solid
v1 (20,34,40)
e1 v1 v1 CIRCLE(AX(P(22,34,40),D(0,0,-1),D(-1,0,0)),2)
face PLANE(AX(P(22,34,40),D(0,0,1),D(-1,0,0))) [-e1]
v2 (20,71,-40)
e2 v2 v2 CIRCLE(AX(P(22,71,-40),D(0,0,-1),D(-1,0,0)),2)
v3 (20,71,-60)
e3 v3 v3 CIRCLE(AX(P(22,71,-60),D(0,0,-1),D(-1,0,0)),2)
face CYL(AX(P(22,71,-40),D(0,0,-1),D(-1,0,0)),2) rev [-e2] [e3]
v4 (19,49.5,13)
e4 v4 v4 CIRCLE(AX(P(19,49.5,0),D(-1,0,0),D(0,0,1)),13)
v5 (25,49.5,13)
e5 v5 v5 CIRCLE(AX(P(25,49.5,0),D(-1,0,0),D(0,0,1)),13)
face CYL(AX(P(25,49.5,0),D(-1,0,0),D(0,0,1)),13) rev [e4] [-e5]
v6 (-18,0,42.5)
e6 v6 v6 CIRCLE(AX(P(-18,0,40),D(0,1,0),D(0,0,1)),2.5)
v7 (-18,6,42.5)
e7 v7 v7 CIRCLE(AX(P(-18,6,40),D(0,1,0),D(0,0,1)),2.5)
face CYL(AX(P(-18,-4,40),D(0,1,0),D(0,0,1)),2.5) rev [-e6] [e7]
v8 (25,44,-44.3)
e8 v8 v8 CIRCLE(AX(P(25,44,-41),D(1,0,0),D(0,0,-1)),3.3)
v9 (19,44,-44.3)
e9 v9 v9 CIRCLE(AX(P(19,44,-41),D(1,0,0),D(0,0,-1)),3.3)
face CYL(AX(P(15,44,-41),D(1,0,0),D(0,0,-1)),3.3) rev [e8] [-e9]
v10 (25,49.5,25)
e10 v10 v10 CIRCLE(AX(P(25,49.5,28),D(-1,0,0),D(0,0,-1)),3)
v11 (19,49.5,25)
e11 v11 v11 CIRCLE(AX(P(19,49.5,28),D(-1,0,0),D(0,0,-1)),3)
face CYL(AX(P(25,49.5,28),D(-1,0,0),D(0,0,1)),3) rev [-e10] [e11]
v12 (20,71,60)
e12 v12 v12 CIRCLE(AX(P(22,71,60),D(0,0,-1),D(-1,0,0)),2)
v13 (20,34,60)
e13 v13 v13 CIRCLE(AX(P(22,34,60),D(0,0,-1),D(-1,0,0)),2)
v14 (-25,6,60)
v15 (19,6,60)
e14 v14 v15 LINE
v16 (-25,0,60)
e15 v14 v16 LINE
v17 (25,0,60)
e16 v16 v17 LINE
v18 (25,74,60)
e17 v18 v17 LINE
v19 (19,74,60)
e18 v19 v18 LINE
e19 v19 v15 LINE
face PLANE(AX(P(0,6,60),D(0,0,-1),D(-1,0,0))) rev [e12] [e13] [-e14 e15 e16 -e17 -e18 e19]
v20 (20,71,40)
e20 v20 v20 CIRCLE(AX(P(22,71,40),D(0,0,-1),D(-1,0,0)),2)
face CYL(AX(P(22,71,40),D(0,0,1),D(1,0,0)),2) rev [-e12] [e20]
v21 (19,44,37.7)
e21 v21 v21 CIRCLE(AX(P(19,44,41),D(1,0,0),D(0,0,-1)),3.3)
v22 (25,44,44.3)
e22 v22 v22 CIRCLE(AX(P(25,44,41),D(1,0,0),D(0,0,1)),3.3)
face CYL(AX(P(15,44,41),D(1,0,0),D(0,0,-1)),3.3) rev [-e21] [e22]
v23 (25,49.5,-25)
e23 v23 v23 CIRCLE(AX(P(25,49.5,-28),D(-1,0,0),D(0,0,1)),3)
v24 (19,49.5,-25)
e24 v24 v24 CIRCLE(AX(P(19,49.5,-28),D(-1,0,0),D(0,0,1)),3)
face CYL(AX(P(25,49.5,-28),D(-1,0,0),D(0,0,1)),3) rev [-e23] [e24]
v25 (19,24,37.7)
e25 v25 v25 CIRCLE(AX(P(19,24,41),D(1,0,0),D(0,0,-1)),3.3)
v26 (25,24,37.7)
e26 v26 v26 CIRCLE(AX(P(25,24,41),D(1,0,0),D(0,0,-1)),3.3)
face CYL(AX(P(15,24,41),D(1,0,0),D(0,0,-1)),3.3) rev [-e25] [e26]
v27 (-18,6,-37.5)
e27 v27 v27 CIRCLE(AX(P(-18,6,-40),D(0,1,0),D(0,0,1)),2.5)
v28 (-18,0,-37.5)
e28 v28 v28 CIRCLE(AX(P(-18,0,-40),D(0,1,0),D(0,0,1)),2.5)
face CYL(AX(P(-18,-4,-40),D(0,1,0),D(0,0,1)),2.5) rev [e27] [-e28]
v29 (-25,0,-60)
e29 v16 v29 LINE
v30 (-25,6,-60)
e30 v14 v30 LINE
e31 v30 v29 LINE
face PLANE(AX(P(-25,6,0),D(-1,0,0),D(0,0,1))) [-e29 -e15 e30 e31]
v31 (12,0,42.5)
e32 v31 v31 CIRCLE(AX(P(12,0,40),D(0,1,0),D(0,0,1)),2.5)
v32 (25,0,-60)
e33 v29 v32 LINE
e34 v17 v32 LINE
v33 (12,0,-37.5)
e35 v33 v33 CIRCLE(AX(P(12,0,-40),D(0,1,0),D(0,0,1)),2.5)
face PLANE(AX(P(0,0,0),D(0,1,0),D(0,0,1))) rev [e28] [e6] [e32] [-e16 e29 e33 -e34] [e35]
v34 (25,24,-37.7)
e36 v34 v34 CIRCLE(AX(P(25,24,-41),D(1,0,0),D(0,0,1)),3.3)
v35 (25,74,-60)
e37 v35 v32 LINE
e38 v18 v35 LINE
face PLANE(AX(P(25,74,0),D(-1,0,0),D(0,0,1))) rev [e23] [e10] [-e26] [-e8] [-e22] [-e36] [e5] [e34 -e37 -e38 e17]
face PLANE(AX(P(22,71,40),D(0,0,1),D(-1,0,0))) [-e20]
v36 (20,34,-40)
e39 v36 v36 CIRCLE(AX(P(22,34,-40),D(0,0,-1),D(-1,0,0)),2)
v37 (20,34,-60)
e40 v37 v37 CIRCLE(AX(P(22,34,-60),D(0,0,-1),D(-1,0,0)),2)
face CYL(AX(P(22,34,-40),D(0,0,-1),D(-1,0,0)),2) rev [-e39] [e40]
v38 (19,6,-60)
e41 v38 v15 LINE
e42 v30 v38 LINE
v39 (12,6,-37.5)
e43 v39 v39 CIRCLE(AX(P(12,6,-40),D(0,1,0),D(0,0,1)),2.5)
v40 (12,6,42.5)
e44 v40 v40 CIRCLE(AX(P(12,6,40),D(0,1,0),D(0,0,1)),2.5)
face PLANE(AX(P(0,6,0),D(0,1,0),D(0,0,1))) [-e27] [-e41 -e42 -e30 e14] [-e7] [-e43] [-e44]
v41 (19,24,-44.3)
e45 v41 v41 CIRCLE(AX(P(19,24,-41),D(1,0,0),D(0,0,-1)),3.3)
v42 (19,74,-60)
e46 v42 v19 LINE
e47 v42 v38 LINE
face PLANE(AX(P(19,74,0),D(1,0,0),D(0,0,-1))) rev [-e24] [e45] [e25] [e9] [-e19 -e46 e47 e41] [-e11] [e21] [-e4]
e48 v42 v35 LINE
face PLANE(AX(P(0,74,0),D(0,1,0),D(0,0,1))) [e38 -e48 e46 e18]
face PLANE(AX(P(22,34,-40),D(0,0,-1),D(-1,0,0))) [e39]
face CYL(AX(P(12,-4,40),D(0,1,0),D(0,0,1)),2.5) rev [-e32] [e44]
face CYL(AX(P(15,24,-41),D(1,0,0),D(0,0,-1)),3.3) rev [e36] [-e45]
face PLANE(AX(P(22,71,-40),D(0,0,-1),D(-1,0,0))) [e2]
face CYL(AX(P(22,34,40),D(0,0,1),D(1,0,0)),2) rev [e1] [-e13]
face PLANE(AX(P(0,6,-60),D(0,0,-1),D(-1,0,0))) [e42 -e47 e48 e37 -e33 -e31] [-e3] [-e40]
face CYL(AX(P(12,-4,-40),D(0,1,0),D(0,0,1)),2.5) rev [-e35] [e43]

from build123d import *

# Parameters (mm, degrees)
SKETCH_1_W          = 44
SKETCH_1_H          = 120
EXTRUDE_1_DEPTH     = 6
SKETCH_1_3_W        = 6
SKETCH_1_3_H        = 120
EXTRUDE_2_DEPTH     = 74
SKETCH_2_R          = 13
SKETCH_2_R_2        = 3
CUT_EXTRUDE_1_DEPTH = 7
SKETCH_3_R          = 2.5
CUT_EXTRUDE_2_DEPTH = 10
SKETCH_4_R          = 2
CUT_EXTRUDE_3_DEPTH = 20
SKETCH_5_R          = 3.3
CUT_EXTRUDE_4_DEPTH = 10


with BuildPart() as part:
    # 草图1 → 凸台-拉伸1 (new body)
    with BuildSketch(Plane(origin=(0, 0, 0), x_dir=(1, 0, 0), z_dir=(0, 1, 0))):
        with Locations((-3, 0)):
            Rectangle(SKETCH_1_W, SKETCH_1_H)
    extrude(amount=EXTRUDE_1_DEPTH)

    # 草图1<3> → 凸台-拉伸2 (add)
    with BuildSketch(Plane(origin=(0, 0, 0), x_dir=(1, 0, 0), z_dir=(0, 1, 0))):
        with Locations((22, 0)):
            Rectangle(SKETCH_1_3_W, SKETCH_1_3_H)
    extrude(amount=EXTRUDE_2_DEPTH)

    # 草图2 → 切除-拉伸1 (cut, through all)
    with BuildSketch(Plane.ZY.offset(-19)):
        with Locations((0, 49.5)):
            Circle(SKETCH_2_R)
        with Locations((-28, 49.5)):
            Circle(SKETCH_2_R_2)
        with Locations((28, 49.5)):
            Circle(SKETCH_2_R_2)
    extrude(amount=-CUT_EXTRUDE_1_DEPTH, mode=Mode.SUBTRACT)

    # 草图3 → 切除-拉伸2 (cut)
    with BuildSketch(Plane(origin=(0, 6, 0), x_dir=(1, 0, 0), z_dir=(0, 1, 0))):
        with Locations((-18, 40)):
            Circle(SKETCH_3_R)
        with Locations((12, 40)):
            Circle(SKETCH_3_R)
        with Locations((-18, -40)):
            Circle(SKETCH_3_R)
        with Locations((12, -40)):
            Circle(SKETCH_3_R)
    extrude(amount=-CUT_EXTRUDE_2_DEPTH, mode=Mode.SUBTRACT)

    # 草图4 → 切除-拉伸3 (cut)
    with BuildSketch(Plane(origin=(0, 0, -60), x_dir=(-1, 0, 0), z_dir=(0, 0, -1))):
        with Locations((-22, 34)):
            Circle(SKETCH_4_R)
        with Locations((-22, 71)):
            Circle(SKETCH_4_R)
    cut_extrude_3 = extrude(amount=-CUT_EXTRUDE_3_DEPTH, mode=Mode.SUBTRACT)

    # 镜向1: 切除-拉伸3 across plane
    add(cut_extrude_3.mirror(Plane(origin=(0, 0, 0), x_dir=(1, 0, 0), z_dir=(0, 0, -1))), mode=Mode.SUBTRACT)

    # 草图5 → 切除-拉伸4 (cut)
    with BuildSketch(Plane(origin=(25, 0, 0), x_dir=(0, 0, -1), z_dir=(1, 0, 0))):
        with Locations((41, 44)):
            Circle(SKETCH_5_R)
        with Locations((41, 24)):
            Circle(SKETCH_5_R)
        with Locations((-41, 24)):
            Circle(SKETCH_5_R)
        with Locations((-41, 44)):
            Circle(SKETCH_5_R)
    extrude(amount=-CUT_EXTRUDE_4_DEPTH, mode=Mode.SUBTRACT)


solid = part.part
